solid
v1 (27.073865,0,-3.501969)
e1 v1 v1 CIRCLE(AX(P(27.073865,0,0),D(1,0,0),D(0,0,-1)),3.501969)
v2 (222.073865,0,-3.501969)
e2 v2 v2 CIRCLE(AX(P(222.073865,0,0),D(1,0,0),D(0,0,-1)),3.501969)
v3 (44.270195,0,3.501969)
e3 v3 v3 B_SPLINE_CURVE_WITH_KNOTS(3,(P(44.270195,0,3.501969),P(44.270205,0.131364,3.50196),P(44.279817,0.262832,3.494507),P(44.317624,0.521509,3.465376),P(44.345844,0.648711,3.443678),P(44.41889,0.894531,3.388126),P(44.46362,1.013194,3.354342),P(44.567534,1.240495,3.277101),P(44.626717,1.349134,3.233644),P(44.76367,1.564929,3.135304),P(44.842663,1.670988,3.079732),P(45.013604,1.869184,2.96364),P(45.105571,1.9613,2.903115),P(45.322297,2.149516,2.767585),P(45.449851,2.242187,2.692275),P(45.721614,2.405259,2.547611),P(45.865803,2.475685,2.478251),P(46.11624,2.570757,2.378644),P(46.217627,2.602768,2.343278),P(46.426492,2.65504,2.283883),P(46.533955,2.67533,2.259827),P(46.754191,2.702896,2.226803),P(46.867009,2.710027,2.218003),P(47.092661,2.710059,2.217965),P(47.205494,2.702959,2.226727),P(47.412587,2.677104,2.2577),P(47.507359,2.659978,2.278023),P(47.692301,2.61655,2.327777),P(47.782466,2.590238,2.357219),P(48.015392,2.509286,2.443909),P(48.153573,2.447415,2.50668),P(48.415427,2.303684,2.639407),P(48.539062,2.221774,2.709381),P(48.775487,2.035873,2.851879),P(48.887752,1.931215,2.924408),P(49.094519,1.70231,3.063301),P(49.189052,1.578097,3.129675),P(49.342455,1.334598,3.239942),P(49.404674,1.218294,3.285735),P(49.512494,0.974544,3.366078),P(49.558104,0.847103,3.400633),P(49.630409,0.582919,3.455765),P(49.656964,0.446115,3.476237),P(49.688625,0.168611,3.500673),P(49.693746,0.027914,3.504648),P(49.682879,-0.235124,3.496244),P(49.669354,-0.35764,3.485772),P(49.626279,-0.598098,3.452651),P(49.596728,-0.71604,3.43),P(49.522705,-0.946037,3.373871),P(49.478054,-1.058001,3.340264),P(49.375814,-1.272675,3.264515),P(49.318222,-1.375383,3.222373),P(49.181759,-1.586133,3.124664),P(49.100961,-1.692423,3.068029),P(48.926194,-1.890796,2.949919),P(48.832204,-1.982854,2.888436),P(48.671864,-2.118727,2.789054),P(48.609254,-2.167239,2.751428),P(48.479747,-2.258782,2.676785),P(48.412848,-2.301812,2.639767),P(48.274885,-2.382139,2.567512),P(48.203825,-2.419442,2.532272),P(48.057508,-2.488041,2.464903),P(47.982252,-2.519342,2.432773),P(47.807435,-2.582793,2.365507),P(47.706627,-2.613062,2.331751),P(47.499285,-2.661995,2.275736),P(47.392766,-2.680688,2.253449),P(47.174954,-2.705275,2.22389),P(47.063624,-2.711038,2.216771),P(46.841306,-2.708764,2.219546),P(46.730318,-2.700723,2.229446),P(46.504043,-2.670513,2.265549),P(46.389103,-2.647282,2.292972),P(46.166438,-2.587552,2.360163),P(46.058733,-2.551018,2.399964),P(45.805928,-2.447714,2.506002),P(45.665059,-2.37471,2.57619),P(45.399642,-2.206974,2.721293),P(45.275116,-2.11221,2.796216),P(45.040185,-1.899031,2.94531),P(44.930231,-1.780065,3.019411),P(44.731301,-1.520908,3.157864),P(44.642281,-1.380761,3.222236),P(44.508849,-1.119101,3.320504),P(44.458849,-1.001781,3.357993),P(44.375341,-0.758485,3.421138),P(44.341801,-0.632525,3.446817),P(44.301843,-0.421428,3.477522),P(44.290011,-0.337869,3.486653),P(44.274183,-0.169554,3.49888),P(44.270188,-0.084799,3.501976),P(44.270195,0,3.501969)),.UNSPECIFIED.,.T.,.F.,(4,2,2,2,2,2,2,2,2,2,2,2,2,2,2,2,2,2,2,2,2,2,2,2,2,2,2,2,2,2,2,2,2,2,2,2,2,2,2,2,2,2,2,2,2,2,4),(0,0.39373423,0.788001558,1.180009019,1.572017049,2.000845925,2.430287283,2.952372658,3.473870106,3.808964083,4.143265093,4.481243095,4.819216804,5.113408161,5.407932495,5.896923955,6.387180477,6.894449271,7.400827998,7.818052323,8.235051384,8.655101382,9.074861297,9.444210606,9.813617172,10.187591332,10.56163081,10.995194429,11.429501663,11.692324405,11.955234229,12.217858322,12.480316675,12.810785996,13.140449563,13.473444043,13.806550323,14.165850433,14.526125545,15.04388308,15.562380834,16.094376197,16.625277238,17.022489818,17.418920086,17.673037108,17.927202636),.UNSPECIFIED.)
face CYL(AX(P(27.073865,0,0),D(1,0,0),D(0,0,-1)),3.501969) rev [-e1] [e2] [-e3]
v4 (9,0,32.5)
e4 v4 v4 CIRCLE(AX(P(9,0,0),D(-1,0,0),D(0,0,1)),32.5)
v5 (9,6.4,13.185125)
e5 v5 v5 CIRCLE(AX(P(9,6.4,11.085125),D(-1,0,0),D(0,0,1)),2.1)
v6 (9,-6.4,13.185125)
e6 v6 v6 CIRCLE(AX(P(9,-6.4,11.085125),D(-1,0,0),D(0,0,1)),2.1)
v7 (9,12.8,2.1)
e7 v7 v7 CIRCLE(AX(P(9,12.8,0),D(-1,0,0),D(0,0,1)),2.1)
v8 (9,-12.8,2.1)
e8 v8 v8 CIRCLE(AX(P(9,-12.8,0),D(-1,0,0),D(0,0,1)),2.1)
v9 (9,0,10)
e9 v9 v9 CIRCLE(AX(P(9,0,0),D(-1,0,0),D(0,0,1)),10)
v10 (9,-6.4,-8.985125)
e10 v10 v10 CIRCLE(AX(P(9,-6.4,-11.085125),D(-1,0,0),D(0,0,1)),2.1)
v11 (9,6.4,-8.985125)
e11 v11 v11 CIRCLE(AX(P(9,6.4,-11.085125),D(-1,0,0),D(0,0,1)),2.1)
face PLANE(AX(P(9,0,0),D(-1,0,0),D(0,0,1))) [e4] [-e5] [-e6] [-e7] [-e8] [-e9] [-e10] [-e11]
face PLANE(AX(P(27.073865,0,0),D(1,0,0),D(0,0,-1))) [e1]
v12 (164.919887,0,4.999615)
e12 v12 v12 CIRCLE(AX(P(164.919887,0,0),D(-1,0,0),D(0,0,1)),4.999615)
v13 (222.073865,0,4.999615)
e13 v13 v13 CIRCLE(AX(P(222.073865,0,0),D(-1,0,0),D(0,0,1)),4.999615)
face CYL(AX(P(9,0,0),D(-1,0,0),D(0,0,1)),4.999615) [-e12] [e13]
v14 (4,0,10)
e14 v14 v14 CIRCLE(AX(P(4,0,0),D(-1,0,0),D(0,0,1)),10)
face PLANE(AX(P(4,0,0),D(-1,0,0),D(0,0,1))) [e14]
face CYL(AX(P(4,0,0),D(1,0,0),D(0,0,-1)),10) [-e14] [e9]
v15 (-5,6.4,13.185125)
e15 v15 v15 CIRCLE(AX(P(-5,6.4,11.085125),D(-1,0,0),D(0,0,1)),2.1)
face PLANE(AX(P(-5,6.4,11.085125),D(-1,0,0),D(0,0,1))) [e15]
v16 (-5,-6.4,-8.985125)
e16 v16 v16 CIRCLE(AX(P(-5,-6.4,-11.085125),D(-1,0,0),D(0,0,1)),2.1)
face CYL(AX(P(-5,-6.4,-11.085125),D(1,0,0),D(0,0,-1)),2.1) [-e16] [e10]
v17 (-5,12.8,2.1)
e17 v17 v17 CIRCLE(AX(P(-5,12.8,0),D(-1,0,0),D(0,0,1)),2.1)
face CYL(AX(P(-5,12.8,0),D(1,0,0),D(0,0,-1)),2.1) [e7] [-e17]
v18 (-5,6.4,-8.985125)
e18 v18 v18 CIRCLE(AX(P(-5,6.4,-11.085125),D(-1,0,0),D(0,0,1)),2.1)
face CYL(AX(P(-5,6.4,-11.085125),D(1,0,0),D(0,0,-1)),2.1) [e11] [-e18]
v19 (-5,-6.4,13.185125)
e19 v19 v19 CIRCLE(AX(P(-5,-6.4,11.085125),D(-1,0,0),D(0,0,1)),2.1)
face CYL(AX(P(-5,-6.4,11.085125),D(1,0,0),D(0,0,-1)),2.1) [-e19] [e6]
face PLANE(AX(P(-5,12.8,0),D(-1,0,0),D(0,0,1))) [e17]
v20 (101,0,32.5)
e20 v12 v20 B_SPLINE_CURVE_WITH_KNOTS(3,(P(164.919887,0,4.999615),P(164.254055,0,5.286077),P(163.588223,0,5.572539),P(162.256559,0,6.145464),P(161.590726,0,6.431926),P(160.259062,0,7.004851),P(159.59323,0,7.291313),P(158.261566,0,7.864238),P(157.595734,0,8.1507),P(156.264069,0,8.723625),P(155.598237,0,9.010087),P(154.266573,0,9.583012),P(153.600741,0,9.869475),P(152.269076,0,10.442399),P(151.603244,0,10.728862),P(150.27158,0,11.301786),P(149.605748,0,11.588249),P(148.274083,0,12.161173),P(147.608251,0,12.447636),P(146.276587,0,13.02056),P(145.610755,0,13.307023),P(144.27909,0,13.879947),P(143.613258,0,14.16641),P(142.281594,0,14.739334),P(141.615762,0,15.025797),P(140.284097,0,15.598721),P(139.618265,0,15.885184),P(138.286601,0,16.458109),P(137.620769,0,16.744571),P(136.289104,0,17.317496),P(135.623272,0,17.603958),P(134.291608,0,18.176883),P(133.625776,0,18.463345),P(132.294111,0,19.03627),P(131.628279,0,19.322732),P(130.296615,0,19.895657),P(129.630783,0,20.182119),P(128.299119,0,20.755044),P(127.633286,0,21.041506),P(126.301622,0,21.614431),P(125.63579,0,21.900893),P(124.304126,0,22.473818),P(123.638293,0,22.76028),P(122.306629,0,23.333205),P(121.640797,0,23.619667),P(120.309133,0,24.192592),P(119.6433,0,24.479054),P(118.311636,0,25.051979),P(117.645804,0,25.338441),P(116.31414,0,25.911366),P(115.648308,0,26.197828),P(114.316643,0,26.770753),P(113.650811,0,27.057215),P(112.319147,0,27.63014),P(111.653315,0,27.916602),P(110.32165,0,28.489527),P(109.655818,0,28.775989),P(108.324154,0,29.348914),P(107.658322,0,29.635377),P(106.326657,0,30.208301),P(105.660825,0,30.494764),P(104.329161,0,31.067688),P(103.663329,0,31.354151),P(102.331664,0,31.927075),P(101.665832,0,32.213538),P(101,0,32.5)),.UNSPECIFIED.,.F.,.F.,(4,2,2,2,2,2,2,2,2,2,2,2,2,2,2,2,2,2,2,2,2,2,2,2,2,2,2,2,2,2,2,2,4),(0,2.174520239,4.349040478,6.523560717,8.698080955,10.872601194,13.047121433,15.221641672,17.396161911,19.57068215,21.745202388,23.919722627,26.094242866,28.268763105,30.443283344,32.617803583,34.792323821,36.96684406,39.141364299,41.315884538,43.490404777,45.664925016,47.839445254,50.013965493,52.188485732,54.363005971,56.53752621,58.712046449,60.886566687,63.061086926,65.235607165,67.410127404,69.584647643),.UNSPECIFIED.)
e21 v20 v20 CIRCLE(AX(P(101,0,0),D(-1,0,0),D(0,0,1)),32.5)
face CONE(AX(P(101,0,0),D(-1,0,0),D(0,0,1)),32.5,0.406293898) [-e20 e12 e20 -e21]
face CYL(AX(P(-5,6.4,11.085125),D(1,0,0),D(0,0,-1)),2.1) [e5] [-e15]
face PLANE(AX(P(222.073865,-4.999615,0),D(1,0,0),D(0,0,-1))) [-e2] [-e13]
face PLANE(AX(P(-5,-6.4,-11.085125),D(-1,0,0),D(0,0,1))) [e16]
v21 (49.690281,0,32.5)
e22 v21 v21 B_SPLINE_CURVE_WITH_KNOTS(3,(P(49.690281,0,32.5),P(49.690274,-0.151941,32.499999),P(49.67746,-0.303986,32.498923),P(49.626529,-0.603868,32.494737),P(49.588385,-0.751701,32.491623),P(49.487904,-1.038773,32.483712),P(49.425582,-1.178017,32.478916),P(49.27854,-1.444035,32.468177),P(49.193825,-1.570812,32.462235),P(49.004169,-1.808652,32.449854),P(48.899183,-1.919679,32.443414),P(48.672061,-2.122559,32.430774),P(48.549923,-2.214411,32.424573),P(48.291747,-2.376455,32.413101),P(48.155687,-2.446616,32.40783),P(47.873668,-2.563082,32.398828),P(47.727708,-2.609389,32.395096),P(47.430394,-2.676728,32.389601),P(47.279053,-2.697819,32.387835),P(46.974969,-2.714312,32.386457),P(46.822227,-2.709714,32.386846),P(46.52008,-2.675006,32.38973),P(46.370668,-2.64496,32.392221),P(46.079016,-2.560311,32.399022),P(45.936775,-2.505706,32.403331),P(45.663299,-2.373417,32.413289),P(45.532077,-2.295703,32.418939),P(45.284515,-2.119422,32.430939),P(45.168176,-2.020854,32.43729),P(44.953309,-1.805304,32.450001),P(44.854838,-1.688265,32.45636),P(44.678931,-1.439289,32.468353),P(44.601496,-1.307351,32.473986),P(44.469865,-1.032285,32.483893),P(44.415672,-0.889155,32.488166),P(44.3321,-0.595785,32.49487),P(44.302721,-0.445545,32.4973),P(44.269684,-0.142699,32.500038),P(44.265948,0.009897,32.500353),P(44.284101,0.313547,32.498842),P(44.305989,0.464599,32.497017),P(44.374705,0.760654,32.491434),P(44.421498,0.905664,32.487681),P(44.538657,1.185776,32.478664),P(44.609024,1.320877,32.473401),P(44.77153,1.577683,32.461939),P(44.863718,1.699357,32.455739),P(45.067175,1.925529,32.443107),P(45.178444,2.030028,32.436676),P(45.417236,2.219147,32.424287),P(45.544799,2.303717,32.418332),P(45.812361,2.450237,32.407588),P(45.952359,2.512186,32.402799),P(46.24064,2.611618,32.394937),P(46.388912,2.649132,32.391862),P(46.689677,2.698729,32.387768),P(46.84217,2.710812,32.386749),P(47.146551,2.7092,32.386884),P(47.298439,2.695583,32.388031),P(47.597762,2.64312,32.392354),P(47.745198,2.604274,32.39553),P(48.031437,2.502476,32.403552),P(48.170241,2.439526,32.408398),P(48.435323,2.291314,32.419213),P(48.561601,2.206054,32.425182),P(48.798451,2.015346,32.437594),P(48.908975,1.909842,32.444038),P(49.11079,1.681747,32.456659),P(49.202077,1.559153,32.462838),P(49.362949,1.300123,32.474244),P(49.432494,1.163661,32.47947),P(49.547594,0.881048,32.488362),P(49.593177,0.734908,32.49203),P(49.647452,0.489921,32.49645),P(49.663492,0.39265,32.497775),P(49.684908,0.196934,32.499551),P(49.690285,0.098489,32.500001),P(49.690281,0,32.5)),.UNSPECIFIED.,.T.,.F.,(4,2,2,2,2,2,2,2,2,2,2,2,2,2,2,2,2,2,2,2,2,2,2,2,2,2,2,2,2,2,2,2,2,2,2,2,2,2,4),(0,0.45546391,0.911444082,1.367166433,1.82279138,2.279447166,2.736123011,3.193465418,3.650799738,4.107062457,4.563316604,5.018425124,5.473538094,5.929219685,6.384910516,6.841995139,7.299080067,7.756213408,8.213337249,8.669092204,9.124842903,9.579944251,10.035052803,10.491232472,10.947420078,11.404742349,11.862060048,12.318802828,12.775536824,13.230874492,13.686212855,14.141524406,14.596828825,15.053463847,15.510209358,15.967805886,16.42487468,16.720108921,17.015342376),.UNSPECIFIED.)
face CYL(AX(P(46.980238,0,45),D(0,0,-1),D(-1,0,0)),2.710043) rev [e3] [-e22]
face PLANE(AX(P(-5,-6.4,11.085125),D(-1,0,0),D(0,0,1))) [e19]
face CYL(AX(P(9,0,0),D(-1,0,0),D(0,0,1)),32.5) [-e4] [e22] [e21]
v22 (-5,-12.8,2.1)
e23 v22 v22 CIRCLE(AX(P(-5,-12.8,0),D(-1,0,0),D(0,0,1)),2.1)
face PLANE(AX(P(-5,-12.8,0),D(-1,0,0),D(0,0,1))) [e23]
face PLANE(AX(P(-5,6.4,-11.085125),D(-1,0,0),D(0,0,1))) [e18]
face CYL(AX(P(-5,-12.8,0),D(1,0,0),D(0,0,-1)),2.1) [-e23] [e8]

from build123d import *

# Parameters (mm, degrees)
ESBO_O2_R                = 2.1
RESSALTO_EXTRUS_O1_DEPTH = 14
ESBO_O3_R                = 10
RESSALTO_EXTRUS_O2_DEPTH = 5
ESBO_O4_R                = 3.50196924
CORTE_EXTRUS_O1_DEPTH    = 195
ESBO_O5_R                = 2.71004316
CORTE_EXTRUS_O2_DEPTH    = 45


with BuildPart() as part:
    # Esboço1 → Revolução1 (revolve)
    with BuildSketch(Plane.XY, mode=Mode.PRIVATE) as revolu_o1_sk:
        Polygon((9, 0), (9, -32.5), (101, -32.5), (164.919887291, -4.999614615), (222.073865158, -4.999614615), (222.073865158, 0), (164.919887291, 0), align=None)
    revolve(revolu_o1_sk.sketch.rotate(Axis((9, 0, 0), (1, 0, 0)), 270), axis=Axis((9, 0, 0), (1, 0, 0)))

    # Esboço2 → Ressalto-extrusão1 (add)
    with BuildSketch(Plane.ZY.offset(-9)):
        with Locations((0, 12.8)):
            Circle(ESBO_O2_R)
        with Locations((11.085125168, 6.4)):
            Circle(ESBO_O2_R)
        with Locations((11.085125168, -6.4)):
            Circle(ESBO_O2_R)
        with Locations((0, -12.8)):
            Circle(ESBO_O2_R)
        with Locations((-11.085125168, -6.4)):
            Circle(ESBO_O2_R)
        with Locations((-11.085125168, 6.4)):
            Circle(ESBO_O2_R)
    extrude(amount=RESSALTO_EXTRUS_O1_DEPTH)

    # Esboço3 → Ressalto-extrusão2 (add)
    with BuildSketch(Plane.ZY.offset(-9)):
        Circle(ESBO_O3_R)
    extrude(amount=RESSALTO_EXTRUS_O2_DEPTH)

    # Esboço4 → Corte-extrusão1 (cut)
    with BuildSketch(Plane(origin=(222.073865158, 0, 0), x_dir=(0, 0, -1), z_dir=(1, 0, 0))):
        Circle(ESBO_O4_R)
    extrude(amount=-CORTE_EXTRUS_O1_DEPTH, mode=Mode.SUBTRACT)

    # Esboço5 → Corte-extrusão2 (cut)
    with BuildSketch(Plane.XY):
        with Locations(Location((46.980237951, 0, 0), (0, 0, 180))):
            Circle(ESBO_O5_R)
    extrude(amount=CORTE_EXTRUS_O2_DEPTH, mode=Mode.SUBTRACT)


solid = part.part
